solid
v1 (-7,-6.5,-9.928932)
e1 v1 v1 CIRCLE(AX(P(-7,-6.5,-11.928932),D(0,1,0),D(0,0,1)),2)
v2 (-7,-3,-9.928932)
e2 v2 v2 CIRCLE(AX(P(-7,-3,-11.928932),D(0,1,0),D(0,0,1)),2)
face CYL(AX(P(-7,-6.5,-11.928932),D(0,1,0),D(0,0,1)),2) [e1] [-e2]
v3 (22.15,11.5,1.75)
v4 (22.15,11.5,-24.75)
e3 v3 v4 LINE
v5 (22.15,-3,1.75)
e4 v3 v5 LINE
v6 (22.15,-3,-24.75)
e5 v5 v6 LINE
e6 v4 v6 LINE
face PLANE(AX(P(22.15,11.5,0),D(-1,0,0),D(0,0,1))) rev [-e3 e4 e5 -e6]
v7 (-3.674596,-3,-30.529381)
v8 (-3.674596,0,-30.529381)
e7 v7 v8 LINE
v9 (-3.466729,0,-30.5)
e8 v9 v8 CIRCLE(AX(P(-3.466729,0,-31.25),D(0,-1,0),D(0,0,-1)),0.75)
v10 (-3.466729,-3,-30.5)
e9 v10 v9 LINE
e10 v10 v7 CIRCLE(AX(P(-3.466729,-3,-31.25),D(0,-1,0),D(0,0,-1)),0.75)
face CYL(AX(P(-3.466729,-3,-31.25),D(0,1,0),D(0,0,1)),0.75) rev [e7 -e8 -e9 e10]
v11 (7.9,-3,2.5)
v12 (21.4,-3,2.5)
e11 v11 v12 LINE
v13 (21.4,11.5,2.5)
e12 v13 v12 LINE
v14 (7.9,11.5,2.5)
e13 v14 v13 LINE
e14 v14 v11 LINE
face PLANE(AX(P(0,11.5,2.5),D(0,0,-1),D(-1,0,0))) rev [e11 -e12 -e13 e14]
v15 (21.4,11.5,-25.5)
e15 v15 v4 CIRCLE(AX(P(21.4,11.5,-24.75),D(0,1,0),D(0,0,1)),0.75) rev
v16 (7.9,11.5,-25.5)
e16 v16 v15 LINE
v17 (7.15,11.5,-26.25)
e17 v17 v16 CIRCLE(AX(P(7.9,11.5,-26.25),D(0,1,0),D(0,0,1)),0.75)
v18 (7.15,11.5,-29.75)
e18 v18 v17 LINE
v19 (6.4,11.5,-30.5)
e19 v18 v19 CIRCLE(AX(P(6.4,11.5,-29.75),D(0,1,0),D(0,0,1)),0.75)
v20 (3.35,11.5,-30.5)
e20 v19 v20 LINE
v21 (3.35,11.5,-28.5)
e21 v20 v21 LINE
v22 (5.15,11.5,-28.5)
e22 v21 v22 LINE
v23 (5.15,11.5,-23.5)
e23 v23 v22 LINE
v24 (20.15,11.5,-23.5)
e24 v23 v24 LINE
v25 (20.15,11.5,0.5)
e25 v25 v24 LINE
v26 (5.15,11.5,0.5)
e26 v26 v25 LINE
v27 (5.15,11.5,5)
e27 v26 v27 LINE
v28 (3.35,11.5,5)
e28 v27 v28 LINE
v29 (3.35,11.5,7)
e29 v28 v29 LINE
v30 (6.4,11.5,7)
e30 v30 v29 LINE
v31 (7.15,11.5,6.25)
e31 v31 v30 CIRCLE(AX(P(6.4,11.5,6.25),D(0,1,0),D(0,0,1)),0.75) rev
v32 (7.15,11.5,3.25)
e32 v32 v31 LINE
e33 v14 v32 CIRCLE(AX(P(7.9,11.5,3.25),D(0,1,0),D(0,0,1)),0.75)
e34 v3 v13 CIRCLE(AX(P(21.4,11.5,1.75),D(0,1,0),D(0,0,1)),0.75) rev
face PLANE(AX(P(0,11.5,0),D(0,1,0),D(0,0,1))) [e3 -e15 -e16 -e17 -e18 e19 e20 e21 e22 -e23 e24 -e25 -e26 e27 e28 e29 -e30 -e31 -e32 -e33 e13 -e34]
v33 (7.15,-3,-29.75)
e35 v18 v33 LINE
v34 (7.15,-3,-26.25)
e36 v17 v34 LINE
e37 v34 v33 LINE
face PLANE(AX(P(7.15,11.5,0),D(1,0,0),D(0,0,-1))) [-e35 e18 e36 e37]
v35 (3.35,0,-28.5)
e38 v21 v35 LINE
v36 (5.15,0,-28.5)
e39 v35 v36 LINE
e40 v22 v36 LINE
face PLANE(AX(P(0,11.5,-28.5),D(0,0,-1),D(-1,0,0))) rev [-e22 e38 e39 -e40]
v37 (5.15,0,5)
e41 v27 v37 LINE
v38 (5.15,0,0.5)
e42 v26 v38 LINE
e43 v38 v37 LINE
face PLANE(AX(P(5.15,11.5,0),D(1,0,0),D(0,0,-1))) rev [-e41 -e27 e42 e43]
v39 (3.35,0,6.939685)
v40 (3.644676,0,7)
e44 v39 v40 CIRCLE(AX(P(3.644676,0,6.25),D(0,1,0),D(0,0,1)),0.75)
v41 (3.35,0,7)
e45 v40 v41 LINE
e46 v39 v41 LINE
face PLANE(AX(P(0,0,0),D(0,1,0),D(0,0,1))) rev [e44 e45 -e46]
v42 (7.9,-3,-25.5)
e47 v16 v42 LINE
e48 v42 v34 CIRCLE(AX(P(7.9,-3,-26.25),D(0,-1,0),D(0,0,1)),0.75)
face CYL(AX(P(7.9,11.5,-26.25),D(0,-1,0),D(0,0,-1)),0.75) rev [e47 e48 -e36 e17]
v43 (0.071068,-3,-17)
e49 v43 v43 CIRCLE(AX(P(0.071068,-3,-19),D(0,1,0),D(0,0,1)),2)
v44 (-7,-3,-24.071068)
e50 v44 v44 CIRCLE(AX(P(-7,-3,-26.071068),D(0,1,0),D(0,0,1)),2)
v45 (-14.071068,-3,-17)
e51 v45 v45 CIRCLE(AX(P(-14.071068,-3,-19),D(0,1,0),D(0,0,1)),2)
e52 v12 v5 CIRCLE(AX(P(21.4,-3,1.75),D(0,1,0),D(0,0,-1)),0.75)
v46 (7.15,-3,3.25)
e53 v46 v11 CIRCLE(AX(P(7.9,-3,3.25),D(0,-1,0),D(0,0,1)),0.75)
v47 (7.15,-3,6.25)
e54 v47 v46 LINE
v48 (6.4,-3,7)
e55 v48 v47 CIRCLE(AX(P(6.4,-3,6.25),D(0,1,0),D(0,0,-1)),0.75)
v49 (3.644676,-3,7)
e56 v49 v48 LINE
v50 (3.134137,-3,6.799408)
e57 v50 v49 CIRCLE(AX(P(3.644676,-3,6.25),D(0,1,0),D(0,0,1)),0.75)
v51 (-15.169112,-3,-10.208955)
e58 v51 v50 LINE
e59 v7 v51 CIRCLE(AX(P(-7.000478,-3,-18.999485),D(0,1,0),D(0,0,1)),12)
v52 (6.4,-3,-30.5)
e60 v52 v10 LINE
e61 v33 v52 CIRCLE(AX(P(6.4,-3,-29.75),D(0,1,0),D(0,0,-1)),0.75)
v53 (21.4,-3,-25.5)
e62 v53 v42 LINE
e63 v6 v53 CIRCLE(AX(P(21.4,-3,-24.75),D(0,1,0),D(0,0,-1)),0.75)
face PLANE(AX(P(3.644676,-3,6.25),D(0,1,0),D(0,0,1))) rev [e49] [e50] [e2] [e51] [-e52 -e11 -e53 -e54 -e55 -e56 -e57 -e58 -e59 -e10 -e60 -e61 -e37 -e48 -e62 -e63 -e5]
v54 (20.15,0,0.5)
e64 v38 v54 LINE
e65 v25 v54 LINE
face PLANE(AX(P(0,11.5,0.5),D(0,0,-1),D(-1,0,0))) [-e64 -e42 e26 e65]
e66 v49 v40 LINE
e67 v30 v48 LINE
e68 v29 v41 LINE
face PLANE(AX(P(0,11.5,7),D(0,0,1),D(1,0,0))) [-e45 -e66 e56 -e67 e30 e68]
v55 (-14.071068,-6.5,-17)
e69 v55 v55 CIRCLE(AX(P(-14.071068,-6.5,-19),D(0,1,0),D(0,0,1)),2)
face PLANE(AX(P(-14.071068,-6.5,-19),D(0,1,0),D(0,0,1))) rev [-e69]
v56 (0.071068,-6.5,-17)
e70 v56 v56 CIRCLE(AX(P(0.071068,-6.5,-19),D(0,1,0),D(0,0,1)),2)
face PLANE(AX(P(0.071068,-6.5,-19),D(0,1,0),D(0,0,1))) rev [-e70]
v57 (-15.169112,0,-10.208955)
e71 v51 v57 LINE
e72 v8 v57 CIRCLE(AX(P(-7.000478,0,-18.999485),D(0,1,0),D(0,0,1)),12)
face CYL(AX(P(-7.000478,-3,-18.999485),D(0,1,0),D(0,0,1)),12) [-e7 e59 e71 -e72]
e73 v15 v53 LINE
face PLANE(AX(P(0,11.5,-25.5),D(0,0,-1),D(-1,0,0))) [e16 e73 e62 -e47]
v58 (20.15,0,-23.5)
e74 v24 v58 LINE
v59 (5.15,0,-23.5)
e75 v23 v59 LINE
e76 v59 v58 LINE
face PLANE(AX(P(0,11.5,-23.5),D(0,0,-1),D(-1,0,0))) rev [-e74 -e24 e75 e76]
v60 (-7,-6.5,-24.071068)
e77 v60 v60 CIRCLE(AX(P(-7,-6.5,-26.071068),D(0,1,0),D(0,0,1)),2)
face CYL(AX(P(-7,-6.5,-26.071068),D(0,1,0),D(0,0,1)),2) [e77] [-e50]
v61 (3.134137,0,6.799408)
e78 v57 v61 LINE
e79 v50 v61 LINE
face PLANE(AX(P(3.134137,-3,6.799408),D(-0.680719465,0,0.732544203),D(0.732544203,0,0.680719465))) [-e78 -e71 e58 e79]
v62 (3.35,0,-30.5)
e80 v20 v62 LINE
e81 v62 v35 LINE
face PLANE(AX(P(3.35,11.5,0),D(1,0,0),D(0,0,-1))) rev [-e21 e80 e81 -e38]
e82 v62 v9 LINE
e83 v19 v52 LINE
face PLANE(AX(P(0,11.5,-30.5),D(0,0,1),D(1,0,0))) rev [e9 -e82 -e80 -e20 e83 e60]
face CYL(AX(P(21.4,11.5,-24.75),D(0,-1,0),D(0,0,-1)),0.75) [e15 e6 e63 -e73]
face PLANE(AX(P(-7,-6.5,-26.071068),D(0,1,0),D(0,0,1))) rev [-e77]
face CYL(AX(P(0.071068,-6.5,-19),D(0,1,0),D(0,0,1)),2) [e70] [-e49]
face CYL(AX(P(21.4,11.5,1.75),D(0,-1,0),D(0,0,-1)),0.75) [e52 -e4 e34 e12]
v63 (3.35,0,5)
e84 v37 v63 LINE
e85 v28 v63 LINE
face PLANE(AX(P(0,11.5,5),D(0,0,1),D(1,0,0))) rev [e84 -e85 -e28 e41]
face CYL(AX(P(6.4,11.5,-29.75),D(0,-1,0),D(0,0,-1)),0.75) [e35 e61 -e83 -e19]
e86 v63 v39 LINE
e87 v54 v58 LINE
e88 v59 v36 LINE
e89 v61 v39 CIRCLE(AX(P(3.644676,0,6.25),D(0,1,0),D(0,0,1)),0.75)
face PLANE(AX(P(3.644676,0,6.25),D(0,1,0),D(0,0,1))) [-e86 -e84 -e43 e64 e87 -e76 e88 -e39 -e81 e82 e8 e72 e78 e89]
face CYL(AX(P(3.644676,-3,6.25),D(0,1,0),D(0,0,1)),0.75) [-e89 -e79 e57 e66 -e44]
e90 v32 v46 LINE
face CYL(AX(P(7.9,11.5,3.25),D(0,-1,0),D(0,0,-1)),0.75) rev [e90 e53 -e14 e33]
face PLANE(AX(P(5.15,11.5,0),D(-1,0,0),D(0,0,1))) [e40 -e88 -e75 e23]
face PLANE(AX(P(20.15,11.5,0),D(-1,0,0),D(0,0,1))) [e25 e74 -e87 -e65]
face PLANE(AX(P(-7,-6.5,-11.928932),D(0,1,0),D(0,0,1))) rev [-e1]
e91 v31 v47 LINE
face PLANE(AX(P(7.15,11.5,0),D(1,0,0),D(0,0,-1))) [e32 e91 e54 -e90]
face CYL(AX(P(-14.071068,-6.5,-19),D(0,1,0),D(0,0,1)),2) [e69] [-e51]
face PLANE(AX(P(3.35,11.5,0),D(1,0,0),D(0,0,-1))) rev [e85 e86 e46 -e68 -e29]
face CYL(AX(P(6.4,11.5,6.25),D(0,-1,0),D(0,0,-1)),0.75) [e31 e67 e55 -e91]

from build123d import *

# Parameters (mm, degrees)
BRACKET_DEPTH       = 11.5
BOSS_EXTRUDE1_START = -3
BOSS_EXTRUDE1_DEPTH = 3
BOSS_EXTRUDE2_START = -3
SKETCH15_R          = 2
BOSS_EXTRUDE2_DEPTH = 3.5


with BuildPart() as part:
    # Sketch9 → Bracket (new body)
    with BuildSketch(Plane(origin=(0, 0, 0), x_dir=(1, 0, 0), z_dir=(0, 1, 0))):
        with BuildLine():
            Line((5.15, -5), (4.65, -5))
            Line((4.65, -5), (3.35, -5))
            Line((3.35, -5), (3.35, -7))
            Line((3.35, -7), (6.4, -7))
            ThreePointArc((6.4, -7), (6.930330086, -6.780330086), (7.15, -6.25))
            Line((7.15, -6.25), (7.15, -5))
            Line((7.15, -5), (7.15, -3.25))
            ThreePointArc((7.15, -3.25), (7.369669914, -2.719669914), (7.9, -2.5))
            Line((7.9, -2.5), (21.4, -2.5))
            ThreePointArc((21.4, -2.5), (21.930330086, -2.280330086), (22.15, -1.75))
            Line((22.15, -1.75), (22.15, 24.75))
            ThreePointArc((22.15, 24.75), (21.930330086, 25.280330086), (21.4, 25.5))
            Line((21.4, 25.5), (7.9, 25.5))
            ThreePointArc((7.9, 25.5), (7.369669914, 25.719669914), (7.15, 26.25))
            Line((7.15, 26.25), (7.15, 28))
            Line((7.15, 28), (7.15, 29.75))
            ThreePointArc((7.15, 29.75), (6.930330086, 30.280330086), (6.4, 30.5))
            Line((6.4, 30.5), (5.15, 30.5))
            Line((5.15, 30.5), (3.35, 30.5))
            Line((3.35, 30.5), (3.35, 28.5))
            Line((3.35, 28.5), (5.15, 28.5))
            Line((5.15, 28.5), (5.15, 28))
            Line((5.15, 28), (5.15, 23.5))
            Line((5.15, 23.5), (20.15, 23.5))
            Line((20.15, 23.5), (20.15, -0.5))
            Line((20.15, -0.5), (5.15, -0.5))
            Line((5.15, -0.5), (5.15, -5))
        make_face()
    extrude(amount=BRACKET_DEPTH)

    # Sketch12 → Boss-Extrude1 (add)
    with BuildSketch(Plane(origin=(0, 0, 0), x_dir=(1, 0, 0), z_dir=(0, 1, 0)).offset(BOSS_EXTRUDE1_START)):
        with BuildLine():
            Line((3.134136634, -6.799408153), (-15.169112008, 10.208954707))
            ThreePointArc((-15.169112008, 10.208954707), (-17.445237733, 24.907700028), (-3.6745965, 30.529381479))
            ThreePointArc((-3.6745965, 30.529381479), (-3.571695801, 30.507381696), (-3.466728879, 30.5))
            Line((-3.466728879, 30.5), (6.4, 30.5))
            ThreePointArc((6.4, 30.5), (6.930330086, 30.280330086), (7.15, 29.75))
            Line((7.15, 29.75), (7.15, 26.25))
            ThreePointArc((7.15, 26.25), (7.369669914, 25.719669914), (7.9, 25.5))
            Line((7.9, 25.5), (21.4, 25.5))
            ThreePointArc((21.4, 25.5), (21.930330086, 25.280330086), (22.15, 24.75))
            Line((22.15, 24.75), (22.15, -1.75))
            ThreePointArc((22.15, -1.75), (21.930330086, -2.280330086), (21.4, -2.5))
            Line((21.4, -2.5), (7.9, -2.5))
            ThreePointArc((7.9, -2.5), (7.369669914, -2.719669914), (7.15, -3.25))
            Line((7.15, -3.25), (7.15, -6.25))
            ThreePointArc((7.15, -6.25), (6.930330086, -6.780330086), (6.4, -7))
            Line((6.4, -7), (3.644676233, -7))
            ThreePointArc((3.644676233, -7), (3.370410043, -6.948053048), (3.134136634, -6.799408153))
        make_face()
    extrude(amount=BOSS_EXTRUDE1_DEPTH)

    # Sketch15 → Boss-Extrude2 (add)
    with BuildSketch(Plane(origin=(0, 0, 0), x_dir=(1, 0, 0), z_dir=(0, 1, 0)).offset(BOSS_EXTRUDE2_START)):
        with Locations(Location((-7, 26.071067812, 0), (0, 0, 270))):
            Circle(SKETCH15_R)
        with Locations(Location((0.071067812, 19, 0), (0, 0, 270))):
            Circle(SKETCH15_R)
        with Locations(Location((-7, 11.928932188, 0), (0, 0, 270))):
            Circle(SKETCH15_R)
        with Locations(Location((-14.071067812, 19, 0), (0, 0, 270))):
            Circle(SKETCH15_R)
    extrude(amount=-BOSS_EXTRUDE2_DEPTH)


solid = part.part
